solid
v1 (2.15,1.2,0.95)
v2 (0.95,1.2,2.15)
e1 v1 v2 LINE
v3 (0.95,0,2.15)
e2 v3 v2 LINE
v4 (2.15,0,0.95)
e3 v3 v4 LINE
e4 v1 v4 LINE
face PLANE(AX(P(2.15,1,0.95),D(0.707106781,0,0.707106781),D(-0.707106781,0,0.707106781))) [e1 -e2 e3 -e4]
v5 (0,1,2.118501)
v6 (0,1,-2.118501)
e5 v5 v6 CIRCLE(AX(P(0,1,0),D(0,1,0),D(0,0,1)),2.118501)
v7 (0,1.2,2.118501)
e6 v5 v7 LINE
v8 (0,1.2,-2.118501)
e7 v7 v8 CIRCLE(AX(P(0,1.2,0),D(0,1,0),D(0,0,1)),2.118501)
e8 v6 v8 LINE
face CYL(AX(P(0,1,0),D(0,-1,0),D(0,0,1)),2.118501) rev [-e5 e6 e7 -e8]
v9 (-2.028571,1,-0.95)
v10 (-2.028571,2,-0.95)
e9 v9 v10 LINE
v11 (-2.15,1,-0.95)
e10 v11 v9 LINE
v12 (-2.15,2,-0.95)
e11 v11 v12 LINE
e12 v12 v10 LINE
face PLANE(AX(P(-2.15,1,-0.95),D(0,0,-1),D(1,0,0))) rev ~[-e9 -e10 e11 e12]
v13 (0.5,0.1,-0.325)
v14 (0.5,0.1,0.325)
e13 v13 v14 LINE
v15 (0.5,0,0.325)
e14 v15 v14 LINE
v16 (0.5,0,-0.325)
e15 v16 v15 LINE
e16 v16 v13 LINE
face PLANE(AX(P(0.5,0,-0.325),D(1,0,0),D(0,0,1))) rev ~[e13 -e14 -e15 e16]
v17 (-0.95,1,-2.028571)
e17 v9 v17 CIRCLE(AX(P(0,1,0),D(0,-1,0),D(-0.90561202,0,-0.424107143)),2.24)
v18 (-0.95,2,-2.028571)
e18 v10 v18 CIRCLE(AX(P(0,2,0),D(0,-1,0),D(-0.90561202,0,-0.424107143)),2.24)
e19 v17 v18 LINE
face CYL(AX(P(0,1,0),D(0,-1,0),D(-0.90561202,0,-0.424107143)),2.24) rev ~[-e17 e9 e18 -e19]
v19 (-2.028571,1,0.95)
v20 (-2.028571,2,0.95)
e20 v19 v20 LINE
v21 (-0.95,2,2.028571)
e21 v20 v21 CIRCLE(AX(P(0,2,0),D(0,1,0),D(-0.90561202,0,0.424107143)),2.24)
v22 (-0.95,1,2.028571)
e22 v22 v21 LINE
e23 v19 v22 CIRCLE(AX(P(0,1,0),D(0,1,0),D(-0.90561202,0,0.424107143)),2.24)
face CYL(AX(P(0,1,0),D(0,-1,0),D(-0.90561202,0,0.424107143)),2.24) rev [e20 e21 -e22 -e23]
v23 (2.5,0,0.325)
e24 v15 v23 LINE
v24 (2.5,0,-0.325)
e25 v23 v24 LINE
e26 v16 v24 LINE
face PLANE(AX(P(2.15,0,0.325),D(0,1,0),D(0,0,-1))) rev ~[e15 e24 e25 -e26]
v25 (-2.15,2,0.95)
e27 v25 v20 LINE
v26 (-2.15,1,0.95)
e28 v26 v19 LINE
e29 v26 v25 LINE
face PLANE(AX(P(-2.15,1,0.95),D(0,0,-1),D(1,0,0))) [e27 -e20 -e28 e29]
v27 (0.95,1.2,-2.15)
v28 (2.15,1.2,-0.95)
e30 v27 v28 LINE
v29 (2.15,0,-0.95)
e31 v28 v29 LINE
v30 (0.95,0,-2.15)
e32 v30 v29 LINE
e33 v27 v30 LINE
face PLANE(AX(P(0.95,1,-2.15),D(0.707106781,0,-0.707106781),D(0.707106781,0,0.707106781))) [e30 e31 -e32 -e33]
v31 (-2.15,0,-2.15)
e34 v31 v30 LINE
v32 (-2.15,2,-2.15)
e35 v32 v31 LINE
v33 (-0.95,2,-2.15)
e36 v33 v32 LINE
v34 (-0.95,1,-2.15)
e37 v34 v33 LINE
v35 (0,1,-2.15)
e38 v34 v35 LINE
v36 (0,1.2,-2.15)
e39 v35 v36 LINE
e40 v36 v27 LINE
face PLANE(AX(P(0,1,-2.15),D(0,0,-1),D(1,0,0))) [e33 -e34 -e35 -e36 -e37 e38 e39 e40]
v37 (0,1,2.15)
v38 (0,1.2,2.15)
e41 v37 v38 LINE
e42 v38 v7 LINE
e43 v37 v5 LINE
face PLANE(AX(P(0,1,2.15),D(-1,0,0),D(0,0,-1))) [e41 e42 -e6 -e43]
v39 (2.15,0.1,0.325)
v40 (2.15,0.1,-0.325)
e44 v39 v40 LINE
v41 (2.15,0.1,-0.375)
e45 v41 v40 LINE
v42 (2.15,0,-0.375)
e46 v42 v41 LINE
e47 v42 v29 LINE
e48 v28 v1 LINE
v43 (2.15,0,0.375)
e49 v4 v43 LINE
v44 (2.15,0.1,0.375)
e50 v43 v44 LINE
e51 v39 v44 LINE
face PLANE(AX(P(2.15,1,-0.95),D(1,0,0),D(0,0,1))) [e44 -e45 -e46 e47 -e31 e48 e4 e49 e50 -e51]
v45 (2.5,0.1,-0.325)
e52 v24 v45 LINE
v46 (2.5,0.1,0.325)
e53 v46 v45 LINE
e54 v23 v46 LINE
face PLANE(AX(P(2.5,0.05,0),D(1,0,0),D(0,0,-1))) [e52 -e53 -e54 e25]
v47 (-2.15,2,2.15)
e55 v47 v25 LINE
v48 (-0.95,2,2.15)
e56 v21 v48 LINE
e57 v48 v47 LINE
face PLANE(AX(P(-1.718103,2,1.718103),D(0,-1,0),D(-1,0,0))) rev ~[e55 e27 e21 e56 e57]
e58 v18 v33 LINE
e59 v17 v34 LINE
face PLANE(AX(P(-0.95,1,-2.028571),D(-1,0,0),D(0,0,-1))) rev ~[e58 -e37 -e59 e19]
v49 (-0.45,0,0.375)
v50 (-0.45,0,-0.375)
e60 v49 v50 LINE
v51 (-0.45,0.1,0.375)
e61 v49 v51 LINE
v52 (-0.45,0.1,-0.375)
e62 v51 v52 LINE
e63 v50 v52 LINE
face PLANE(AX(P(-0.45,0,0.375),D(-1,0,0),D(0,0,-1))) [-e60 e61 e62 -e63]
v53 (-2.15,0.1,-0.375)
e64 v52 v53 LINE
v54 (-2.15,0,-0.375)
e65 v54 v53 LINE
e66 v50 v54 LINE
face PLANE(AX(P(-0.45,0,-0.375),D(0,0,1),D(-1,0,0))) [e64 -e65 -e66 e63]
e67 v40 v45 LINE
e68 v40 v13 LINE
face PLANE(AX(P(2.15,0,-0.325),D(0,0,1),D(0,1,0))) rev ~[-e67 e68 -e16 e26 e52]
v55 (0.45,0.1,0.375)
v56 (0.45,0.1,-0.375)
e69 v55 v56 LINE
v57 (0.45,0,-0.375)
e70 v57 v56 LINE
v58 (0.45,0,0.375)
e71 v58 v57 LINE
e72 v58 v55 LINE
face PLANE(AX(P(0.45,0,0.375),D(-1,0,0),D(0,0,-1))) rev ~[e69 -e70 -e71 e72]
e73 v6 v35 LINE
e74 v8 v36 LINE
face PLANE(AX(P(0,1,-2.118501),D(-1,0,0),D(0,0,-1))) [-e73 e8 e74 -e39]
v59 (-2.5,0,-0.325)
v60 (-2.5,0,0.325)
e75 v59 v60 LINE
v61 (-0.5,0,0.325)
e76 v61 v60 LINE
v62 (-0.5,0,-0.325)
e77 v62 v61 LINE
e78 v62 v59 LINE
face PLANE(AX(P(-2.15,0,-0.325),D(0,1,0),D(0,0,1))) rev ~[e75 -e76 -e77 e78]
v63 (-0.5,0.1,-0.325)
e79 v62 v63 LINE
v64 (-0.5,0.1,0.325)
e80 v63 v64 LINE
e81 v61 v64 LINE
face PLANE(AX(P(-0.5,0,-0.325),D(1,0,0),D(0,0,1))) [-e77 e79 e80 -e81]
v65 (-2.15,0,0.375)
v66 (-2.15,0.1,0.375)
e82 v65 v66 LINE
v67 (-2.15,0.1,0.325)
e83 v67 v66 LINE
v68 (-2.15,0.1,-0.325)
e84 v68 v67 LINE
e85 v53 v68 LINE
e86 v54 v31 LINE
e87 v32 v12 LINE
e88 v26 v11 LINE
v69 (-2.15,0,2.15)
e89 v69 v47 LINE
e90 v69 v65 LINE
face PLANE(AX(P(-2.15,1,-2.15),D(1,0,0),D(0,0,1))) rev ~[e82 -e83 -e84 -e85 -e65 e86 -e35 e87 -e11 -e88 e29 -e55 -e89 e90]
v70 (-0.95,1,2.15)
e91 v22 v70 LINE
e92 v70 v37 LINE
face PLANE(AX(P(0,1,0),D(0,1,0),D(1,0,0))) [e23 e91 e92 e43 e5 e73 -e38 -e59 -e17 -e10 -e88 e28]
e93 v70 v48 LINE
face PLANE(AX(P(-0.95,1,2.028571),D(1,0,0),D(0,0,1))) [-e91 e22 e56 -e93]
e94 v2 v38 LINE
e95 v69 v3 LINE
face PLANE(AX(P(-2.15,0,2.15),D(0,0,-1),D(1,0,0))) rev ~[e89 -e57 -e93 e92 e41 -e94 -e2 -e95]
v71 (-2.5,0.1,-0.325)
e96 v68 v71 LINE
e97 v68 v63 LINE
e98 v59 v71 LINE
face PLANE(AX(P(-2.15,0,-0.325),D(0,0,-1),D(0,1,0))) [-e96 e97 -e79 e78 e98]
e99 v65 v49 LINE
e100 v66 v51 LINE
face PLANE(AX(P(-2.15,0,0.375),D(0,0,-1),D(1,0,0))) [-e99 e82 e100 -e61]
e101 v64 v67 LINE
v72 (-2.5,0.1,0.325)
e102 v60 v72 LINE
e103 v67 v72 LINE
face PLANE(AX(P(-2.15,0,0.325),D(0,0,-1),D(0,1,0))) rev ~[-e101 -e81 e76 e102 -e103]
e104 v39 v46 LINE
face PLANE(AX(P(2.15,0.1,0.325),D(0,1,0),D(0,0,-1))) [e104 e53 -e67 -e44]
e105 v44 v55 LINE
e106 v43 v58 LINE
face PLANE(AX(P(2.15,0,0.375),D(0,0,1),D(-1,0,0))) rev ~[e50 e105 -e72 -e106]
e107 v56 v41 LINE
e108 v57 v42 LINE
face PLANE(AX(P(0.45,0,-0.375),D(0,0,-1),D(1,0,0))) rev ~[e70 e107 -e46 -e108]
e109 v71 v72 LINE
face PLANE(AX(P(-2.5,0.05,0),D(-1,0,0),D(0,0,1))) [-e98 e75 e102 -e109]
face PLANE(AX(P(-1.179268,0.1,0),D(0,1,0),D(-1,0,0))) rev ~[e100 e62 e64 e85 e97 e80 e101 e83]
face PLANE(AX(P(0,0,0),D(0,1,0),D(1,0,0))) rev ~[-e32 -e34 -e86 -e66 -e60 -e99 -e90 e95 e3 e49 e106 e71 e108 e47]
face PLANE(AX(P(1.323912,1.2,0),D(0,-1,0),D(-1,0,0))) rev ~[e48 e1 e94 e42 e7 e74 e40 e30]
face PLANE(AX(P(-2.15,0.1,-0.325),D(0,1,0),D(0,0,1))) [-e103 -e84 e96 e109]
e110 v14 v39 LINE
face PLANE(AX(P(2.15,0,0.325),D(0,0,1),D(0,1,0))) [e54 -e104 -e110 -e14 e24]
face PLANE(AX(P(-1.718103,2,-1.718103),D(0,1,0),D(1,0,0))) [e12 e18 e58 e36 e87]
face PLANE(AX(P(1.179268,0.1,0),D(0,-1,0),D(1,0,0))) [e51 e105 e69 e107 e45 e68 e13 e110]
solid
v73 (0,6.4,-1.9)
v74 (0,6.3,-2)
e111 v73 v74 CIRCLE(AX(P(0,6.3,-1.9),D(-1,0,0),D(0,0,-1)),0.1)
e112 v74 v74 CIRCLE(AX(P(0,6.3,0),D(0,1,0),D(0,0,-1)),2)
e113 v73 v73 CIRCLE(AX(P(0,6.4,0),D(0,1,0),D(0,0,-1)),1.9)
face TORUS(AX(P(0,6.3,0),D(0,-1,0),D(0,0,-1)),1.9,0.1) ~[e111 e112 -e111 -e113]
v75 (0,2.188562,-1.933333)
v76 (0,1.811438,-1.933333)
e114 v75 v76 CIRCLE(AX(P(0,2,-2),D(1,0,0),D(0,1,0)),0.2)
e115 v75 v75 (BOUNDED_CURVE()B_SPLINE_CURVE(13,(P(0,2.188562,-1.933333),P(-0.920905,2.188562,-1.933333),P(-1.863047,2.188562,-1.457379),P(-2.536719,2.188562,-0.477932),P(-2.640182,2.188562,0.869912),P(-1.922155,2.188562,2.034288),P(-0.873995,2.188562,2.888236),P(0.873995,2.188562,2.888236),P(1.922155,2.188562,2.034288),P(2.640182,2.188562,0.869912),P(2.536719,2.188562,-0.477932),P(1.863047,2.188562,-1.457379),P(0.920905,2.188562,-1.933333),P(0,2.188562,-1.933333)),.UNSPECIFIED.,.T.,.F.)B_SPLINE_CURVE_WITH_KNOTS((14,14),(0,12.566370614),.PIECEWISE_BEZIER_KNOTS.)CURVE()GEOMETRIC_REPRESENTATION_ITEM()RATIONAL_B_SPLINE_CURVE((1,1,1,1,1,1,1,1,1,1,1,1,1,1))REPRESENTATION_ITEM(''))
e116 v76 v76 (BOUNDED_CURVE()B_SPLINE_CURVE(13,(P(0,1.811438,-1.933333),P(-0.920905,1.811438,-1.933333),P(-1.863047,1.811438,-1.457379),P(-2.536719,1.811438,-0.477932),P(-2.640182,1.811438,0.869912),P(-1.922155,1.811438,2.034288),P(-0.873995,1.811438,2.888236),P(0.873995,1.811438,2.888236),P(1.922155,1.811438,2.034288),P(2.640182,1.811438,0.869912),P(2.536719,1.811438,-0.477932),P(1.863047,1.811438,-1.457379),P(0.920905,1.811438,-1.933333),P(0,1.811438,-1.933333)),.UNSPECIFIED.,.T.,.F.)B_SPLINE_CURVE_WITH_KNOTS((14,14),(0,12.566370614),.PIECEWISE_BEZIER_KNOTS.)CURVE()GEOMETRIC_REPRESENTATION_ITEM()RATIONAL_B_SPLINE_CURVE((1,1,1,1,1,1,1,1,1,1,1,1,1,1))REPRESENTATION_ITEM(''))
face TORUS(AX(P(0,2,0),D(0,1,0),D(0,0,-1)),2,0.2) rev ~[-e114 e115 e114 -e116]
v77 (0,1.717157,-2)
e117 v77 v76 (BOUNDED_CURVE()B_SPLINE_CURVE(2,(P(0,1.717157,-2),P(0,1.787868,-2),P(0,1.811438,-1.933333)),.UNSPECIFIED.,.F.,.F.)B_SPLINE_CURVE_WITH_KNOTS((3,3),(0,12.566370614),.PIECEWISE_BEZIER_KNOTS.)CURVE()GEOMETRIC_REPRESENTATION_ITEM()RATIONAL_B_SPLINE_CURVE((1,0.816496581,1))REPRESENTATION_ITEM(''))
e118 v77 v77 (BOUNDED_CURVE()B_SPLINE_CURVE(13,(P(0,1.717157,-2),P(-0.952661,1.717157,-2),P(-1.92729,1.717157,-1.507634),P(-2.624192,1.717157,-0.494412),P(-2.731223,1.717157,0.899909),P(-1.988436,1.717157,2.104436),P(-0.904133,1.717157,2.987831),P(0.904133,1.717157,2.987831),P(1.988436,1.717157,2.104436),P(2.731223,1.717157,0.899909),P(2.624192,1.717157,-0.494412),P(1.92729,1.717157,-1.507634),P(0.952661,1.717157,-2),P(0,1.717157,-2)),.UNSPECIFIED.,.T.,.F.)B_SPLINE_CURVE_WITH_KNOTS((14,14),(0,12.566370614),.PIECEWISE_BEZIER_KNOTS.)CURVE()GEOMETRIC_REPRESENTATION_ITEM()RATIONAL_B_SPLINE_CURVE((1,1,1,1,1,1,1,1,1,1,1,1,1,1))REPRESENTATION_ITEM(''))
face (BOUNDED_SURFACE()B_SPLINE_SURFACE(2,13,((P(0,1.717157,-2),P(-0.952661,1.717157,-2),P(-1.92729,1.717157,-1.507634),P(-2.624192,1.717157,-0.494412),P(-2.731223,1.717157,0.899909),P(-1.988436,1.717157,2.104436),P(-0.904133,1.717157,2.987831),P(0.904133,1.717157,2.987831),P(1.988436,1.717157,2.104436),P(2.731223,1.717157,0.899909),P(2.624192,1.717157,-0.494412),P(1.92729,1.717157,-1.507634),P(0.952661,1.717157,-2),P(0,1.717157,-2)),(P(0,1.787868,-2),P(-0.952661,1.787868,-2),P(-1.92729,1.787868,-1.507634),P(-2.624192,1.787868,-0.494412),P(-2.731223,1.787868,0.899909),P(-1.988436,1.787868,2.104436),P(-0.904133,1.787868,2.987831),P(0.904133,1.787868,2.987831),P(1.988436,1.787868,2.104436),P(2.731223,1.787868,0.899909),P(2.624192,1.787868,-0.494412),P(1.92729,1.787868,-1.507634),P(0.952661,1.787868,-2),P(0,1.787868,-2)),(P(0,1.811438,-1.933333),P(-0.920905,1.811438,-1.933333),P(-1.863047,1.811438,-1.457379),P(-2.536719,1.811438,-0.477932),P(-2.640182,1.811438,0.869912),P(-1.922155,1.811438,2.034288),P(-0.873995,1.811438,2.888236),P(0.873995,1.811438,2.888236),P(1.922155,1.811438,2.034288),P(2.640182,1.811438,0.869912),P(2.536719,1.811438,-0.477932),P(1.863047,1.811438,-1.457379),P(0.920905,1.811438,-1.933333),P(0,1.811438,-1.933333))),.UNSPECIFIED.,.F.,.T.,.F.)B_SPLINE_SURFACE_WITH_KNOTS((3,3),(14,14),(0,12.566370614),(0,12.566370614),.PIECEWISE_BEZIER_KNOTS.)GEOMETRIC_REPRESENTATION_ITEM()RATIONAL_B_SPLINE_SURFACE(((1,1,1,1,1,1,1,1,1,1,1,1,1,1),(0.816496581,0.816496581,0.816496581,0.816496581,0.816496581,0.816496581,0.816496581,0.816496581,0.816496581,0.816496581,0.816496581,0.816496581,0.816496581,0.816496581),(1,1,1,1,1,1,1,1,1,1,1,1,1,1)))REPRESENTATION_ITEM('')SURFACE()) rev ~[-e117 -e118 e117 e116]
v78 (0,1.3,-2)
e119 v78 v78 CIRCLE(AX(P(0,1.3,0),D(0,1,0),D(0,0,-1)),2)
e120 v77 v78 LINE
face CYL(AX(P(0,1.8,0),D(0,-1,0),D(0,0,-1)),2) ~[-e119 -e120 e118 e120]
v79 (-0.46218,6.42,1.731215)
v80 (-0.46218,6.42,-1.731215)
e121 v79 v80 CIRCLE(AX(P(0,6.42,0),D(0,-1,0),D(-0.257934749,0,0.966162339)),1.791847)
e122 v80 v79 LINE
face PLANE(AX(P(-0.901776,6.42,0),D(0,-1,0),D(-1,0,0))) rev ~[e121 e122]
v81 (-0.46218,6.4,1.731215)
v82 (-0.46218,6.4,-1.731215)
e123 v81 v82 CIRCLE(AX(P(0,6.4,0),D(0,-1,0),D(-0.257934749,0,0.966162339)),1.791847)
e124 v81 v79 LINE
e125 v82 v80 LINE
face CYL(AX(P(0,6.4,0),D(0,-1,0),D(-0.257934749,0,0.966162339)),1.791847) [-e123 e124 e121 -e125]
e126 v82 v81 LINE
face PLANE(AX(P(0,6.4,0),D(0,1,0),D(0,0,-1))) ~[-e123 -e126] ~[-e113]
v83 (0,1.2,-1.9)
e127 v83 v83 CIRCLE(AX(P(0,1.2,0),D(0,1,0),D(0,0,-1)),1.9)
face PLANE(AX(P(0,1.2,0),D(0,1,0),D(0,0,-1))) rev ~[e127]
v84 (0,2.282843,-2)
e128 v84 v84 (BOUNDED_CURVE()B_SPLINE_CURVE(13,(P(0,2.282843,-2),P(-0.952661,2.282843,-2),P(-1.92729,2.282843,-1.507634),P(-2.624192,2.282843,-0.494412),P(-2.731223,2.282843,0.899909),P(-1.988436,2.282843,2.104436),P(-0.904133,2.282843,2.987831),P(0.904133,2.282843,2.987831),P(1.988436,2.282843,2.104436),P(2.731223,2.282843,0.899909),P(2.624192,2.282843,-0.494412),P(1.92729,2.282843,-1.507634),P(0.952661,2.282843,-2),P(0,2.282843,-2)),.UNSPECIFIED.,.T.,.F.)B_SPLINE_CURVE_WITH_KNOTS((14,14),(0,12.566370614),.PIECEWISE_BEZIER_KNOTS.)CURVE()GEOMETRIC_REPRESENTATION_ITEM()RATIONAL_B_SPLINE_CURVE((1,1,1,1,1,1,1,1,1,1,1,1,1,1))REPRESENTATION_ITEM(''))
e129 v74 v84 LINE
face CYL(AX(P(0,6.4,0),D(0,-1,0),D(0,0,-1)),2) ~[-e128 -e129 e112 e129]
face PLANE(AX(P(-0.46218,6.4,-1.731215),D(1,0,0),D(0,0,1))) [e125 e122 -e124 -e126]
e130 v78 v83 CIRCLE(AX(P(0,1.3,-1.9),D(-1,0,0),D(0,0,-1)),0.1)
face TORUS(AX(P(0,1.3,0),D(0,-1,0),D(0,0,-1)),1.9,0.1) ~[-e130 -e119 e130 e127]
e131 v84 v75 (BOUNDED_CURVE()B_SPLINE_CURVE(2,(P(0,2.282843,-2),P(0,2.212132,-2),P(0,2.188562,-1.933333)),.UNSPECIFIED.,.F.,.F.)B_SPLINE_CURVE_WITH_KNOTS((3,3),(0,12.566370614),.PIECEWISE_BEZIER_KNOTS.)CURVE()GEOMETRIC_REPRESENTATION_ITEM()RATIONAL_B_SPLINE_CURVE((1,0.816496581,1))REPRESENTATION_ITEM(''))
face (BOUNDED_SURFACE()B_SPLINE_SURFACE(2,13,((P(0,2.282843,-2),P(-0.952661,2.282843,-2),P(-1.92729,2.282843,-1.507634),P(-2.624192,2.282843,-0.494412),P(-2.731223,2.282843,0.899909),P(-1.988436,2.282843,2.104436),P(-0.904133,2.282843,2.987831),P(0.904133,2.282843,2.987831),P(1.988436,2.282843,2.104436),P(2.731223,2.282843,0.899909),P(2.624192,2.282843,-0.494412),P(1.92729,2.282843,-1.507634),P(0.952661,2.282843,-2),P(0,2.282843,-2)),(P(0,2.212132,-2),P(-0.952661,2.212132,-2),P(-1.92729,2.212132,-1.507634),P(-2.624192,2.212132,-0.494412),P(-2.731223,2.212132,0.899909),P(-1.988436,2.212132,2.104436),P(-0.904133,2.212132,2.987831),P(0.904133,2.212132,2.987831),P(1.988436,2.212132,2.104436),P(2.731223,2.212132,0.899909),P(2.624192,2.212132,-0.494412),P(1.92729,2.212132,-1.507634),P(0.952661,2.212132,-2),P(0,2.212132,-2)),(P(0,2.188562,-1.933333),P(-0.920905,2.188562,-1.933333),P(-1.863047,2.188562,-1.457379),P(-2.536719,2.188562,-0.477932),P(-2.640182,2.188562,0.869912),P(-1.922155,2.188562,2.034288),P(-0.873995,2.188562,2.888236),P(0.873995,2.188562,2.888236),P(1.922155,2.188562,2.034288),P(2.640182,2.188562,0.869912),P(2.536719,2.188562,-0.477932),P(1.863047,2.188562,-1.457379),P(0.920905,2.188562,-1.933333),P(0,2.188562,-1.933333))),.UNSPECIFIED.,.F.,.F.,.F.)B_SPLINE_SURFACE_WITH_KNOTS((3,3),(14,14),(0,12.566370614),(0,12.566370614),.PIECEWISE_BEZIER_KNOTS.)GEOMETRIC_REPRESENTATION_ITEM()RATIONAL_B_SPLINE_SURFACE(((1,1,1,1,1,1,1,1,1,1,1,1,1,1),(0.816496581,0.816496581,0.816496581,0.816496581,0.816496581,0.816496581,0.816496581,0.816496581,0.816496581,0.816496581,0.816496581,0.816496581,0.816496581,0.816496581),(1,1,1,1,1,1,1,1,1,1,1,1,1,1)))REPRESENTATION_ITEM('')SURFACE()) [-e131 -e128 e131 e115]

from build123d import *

# Parameters (mm, degrees)
SKETCH_1_W          = 4.3
SKETCH_1_H          = 4.3
EXTRUDE_1_DEPTH     = 1
CUT_EXTRUDE_3_DEPTH = 4.200781155
EXTRUDE_2_DEPTH     = 1
EXTRUDE_3_DEPTH     = 0.2
FILLET_1_R          = 0.1
CUT_EXTRUDE_4_DEPTH = 0.1
SKETCH_11_W         = 0.65
SKETCH_11_H         = 0.1
EXTRUDE_6_DEPTH     = 0.35
SKETCH_12_W         = 0.65
SKETCH_12_H         = 0.1
EXTRUDE_7_DEPTH     = 0.35
EXTRUDE_8_DEPTH     = 0.02


with BuildPart() as part:
    # Эскиз1 → Бобышка-Вытянуть1 (new body)
    with BuildSketch(Plane(origin=(0, 0, 0), x_dir=(1, 0, 0), z_dir=(0, 1, 0))):
        Rectangle(SKETCH_1_W, SKETCH_1_H)
    extrude(amount=EXTRUDE_1_DEPTH)

    # Эскиз2a → Вырез-Вытянуть3 (cut, through all)
    with BuildSketch(Plane(origin=(0, 1, 0), x_dir=(1, 0, 0), z_dir=(0, 1, 0))):
        Polygon((2.15, 0.95), (2.15, 2.15), (0.95, 2.15), align=None)
        Polygon((2.15, -0.95), (2.15, -2.15), (0.95, -2.15), align=None)
    extrude(amount=-CUT_EXTRUDE_3_DEPTH, mode=Mode.SUBTRACT)

    # Эскиз4 → Бобышка-Вытянуть2 (add)
    with BuildSketch(Plane(origin=(0, 1, 0), x_dir=(1, 0, 0), z_dir=(0, 1, 0))):
        with BuildLine():
            Line((-2.15, 0.95), (-2.028570926, 0.95))
            ThreePointArc((-2.028570926, 0.95), (-1.58391919, 1.58391919), (-0.95, 2.028570926))
            Line((-0.95, 2.028570926), (-0.95, 2.15))
            Line((-0.95, 2.15), (-2.15, 2.15))
            Line((-2.15, 2.15), (-2.15, 0.95))
        make_face()
        with BuildLine():
            Line((-0.95, -2.028570926), (-0.95, -2.15))
            Line((-0.95, -2.15), (-2.15, -2.15))
            Line((-2.15, -2.15), (-2.15, -0.95))
            Line((-2.15, -0.95), (-2.028570926, -0.95))
            ThreePointArc((-2.028570926, -0.95), (-1.58391919, -1.58391919), (-0.95, -2.028570926))
        make_face()
    extrude(amount=EXTRUDE_2_DEPTH)

    # Эскиз5 → Бобышка-Вытянуть3 (add)
    with BuildSketch(Plane(origin=(0, 1, 0), x_dir=(1, 0, 0), z_dir=(0, 1, 0))):
        with BuildLine():
            Line((0, 2.118501232), (0, 2.15))
            Line((0, 2.15), (0.95, 2.15))
            Line((0.95, 2.15), (2.15, 0.95))
            Line((2.15, 0.95), (2.15, -0.95))
            Line((2.15, -0.95), (0.95, -2.15))
            Line((0.95, -2.15), (0, -2.15))
            Line((0, -2.15), (0, -2.118501232))
            ThreePointArc((0, -2.118501232), (2.118501232, 0), (0, 2.118501232))
        make_face()
    extrude(amount=EXTRUDE_3_DEPTH)

    # Эскиз10 → Вырез-Вытянуть4 (cut)
    with BuildSketch(Plane.XZ):
        Polygon((-2.15, 0.325), (-2.15, 0.375), (-0.45, 0.375), (-0.45, -0.375), (-2.15, -0.375), (-2.15, -0.325), (-0.5, -0.325), (-0.5, 0.325), align=None)
        Polygon((2.15, 0.375), (0.45, 0.375), (0.45, -0.375), (2.15, -0.375), (2.15, -0.325), (0.5, -0.325), (0.5, 0.325), (2.15, 0.325), align=None)
    extrude(amount=-CUT_EXTRUDE_4_DEPTH, mode=Mode.SUBTRACT)

    # Эскиз11 → Бобышка-Вытянуть6 (add)
    with BuildSketch(Plane(origin=(2.15, 0, 0), x_dir=(0, 0, -1), z_dir=(1, 0, 0))):
        with Locations((0, 0.05)):
            Rectangle(SKETCH_11_W, SKETCH_11_H)
    extrude(amount=EXTRUDE_6_DEPTH)

    # Эскиз12 → Бобышка-Вытянуть7 (add)
    with BuildSketch(Plane.ZY.offset(2.15)):
        with Locations((0, 0.05)):
            Rectangle(SKETCH_12_W, SKETCH_12_H)
    extrude(amount=EXTRUDE_7_DEPTH)


with BuildPart() as body_2:
    # Эскиз9 → Повернуть1 (revolve)
    with BuildSketch(Plane(origin=(0, 0, 0), x_dir=(0, 0, -1), z_dir=(1, 0, 0))):
        with BuildLine():
            Line((2, 1.8), (2, 1.2))
            Line((2, 1.2), (0, 1.2))
            Line((0, 1.2), (0, 6.4))
            Line((0, 6.4), (2, 6.4))
            Line((2, 6.4), (2, 2.2))
            ThreePointArc((2, 2.2), (1.8, 2), (2, 1.8))
        make_face()
    revolve(axis=Axis((0, -0.316749393, 0), (0, 1, 0)))

    # Скругление1
    fillet_1_edges = [body_2.edges().sort_by_distance(p)[0] for p in [
        (0, 6.4, 2),
        (0, 2.2, 2),
        (0, 1.8, 2),
        (0, 1.2, 2),
    ]]
    fillet(fillet_1_edges, radius=FILLET_1_R)

    # Эскиз13 → Бобышка-Вытянуть8 (add)
    with BuildSketch(Plane(origin=(0, 6.4, 0), x_dir=(1, 0, 0), z_dir=(0, 1, 0))):
        with BuildLine():
            Line((-0.462179651, 1.731215258), (-0.462179651, -1.731215258))
            ThreePointArc((-0.462179651, -1.731215258), (-1.791847175, 0), (-0.462179651, 1.731215258))
        make_face()
    extrude(amount=EXTRUDE_8_DEPTH)


solid = Compound([part.part, body_2.part])
